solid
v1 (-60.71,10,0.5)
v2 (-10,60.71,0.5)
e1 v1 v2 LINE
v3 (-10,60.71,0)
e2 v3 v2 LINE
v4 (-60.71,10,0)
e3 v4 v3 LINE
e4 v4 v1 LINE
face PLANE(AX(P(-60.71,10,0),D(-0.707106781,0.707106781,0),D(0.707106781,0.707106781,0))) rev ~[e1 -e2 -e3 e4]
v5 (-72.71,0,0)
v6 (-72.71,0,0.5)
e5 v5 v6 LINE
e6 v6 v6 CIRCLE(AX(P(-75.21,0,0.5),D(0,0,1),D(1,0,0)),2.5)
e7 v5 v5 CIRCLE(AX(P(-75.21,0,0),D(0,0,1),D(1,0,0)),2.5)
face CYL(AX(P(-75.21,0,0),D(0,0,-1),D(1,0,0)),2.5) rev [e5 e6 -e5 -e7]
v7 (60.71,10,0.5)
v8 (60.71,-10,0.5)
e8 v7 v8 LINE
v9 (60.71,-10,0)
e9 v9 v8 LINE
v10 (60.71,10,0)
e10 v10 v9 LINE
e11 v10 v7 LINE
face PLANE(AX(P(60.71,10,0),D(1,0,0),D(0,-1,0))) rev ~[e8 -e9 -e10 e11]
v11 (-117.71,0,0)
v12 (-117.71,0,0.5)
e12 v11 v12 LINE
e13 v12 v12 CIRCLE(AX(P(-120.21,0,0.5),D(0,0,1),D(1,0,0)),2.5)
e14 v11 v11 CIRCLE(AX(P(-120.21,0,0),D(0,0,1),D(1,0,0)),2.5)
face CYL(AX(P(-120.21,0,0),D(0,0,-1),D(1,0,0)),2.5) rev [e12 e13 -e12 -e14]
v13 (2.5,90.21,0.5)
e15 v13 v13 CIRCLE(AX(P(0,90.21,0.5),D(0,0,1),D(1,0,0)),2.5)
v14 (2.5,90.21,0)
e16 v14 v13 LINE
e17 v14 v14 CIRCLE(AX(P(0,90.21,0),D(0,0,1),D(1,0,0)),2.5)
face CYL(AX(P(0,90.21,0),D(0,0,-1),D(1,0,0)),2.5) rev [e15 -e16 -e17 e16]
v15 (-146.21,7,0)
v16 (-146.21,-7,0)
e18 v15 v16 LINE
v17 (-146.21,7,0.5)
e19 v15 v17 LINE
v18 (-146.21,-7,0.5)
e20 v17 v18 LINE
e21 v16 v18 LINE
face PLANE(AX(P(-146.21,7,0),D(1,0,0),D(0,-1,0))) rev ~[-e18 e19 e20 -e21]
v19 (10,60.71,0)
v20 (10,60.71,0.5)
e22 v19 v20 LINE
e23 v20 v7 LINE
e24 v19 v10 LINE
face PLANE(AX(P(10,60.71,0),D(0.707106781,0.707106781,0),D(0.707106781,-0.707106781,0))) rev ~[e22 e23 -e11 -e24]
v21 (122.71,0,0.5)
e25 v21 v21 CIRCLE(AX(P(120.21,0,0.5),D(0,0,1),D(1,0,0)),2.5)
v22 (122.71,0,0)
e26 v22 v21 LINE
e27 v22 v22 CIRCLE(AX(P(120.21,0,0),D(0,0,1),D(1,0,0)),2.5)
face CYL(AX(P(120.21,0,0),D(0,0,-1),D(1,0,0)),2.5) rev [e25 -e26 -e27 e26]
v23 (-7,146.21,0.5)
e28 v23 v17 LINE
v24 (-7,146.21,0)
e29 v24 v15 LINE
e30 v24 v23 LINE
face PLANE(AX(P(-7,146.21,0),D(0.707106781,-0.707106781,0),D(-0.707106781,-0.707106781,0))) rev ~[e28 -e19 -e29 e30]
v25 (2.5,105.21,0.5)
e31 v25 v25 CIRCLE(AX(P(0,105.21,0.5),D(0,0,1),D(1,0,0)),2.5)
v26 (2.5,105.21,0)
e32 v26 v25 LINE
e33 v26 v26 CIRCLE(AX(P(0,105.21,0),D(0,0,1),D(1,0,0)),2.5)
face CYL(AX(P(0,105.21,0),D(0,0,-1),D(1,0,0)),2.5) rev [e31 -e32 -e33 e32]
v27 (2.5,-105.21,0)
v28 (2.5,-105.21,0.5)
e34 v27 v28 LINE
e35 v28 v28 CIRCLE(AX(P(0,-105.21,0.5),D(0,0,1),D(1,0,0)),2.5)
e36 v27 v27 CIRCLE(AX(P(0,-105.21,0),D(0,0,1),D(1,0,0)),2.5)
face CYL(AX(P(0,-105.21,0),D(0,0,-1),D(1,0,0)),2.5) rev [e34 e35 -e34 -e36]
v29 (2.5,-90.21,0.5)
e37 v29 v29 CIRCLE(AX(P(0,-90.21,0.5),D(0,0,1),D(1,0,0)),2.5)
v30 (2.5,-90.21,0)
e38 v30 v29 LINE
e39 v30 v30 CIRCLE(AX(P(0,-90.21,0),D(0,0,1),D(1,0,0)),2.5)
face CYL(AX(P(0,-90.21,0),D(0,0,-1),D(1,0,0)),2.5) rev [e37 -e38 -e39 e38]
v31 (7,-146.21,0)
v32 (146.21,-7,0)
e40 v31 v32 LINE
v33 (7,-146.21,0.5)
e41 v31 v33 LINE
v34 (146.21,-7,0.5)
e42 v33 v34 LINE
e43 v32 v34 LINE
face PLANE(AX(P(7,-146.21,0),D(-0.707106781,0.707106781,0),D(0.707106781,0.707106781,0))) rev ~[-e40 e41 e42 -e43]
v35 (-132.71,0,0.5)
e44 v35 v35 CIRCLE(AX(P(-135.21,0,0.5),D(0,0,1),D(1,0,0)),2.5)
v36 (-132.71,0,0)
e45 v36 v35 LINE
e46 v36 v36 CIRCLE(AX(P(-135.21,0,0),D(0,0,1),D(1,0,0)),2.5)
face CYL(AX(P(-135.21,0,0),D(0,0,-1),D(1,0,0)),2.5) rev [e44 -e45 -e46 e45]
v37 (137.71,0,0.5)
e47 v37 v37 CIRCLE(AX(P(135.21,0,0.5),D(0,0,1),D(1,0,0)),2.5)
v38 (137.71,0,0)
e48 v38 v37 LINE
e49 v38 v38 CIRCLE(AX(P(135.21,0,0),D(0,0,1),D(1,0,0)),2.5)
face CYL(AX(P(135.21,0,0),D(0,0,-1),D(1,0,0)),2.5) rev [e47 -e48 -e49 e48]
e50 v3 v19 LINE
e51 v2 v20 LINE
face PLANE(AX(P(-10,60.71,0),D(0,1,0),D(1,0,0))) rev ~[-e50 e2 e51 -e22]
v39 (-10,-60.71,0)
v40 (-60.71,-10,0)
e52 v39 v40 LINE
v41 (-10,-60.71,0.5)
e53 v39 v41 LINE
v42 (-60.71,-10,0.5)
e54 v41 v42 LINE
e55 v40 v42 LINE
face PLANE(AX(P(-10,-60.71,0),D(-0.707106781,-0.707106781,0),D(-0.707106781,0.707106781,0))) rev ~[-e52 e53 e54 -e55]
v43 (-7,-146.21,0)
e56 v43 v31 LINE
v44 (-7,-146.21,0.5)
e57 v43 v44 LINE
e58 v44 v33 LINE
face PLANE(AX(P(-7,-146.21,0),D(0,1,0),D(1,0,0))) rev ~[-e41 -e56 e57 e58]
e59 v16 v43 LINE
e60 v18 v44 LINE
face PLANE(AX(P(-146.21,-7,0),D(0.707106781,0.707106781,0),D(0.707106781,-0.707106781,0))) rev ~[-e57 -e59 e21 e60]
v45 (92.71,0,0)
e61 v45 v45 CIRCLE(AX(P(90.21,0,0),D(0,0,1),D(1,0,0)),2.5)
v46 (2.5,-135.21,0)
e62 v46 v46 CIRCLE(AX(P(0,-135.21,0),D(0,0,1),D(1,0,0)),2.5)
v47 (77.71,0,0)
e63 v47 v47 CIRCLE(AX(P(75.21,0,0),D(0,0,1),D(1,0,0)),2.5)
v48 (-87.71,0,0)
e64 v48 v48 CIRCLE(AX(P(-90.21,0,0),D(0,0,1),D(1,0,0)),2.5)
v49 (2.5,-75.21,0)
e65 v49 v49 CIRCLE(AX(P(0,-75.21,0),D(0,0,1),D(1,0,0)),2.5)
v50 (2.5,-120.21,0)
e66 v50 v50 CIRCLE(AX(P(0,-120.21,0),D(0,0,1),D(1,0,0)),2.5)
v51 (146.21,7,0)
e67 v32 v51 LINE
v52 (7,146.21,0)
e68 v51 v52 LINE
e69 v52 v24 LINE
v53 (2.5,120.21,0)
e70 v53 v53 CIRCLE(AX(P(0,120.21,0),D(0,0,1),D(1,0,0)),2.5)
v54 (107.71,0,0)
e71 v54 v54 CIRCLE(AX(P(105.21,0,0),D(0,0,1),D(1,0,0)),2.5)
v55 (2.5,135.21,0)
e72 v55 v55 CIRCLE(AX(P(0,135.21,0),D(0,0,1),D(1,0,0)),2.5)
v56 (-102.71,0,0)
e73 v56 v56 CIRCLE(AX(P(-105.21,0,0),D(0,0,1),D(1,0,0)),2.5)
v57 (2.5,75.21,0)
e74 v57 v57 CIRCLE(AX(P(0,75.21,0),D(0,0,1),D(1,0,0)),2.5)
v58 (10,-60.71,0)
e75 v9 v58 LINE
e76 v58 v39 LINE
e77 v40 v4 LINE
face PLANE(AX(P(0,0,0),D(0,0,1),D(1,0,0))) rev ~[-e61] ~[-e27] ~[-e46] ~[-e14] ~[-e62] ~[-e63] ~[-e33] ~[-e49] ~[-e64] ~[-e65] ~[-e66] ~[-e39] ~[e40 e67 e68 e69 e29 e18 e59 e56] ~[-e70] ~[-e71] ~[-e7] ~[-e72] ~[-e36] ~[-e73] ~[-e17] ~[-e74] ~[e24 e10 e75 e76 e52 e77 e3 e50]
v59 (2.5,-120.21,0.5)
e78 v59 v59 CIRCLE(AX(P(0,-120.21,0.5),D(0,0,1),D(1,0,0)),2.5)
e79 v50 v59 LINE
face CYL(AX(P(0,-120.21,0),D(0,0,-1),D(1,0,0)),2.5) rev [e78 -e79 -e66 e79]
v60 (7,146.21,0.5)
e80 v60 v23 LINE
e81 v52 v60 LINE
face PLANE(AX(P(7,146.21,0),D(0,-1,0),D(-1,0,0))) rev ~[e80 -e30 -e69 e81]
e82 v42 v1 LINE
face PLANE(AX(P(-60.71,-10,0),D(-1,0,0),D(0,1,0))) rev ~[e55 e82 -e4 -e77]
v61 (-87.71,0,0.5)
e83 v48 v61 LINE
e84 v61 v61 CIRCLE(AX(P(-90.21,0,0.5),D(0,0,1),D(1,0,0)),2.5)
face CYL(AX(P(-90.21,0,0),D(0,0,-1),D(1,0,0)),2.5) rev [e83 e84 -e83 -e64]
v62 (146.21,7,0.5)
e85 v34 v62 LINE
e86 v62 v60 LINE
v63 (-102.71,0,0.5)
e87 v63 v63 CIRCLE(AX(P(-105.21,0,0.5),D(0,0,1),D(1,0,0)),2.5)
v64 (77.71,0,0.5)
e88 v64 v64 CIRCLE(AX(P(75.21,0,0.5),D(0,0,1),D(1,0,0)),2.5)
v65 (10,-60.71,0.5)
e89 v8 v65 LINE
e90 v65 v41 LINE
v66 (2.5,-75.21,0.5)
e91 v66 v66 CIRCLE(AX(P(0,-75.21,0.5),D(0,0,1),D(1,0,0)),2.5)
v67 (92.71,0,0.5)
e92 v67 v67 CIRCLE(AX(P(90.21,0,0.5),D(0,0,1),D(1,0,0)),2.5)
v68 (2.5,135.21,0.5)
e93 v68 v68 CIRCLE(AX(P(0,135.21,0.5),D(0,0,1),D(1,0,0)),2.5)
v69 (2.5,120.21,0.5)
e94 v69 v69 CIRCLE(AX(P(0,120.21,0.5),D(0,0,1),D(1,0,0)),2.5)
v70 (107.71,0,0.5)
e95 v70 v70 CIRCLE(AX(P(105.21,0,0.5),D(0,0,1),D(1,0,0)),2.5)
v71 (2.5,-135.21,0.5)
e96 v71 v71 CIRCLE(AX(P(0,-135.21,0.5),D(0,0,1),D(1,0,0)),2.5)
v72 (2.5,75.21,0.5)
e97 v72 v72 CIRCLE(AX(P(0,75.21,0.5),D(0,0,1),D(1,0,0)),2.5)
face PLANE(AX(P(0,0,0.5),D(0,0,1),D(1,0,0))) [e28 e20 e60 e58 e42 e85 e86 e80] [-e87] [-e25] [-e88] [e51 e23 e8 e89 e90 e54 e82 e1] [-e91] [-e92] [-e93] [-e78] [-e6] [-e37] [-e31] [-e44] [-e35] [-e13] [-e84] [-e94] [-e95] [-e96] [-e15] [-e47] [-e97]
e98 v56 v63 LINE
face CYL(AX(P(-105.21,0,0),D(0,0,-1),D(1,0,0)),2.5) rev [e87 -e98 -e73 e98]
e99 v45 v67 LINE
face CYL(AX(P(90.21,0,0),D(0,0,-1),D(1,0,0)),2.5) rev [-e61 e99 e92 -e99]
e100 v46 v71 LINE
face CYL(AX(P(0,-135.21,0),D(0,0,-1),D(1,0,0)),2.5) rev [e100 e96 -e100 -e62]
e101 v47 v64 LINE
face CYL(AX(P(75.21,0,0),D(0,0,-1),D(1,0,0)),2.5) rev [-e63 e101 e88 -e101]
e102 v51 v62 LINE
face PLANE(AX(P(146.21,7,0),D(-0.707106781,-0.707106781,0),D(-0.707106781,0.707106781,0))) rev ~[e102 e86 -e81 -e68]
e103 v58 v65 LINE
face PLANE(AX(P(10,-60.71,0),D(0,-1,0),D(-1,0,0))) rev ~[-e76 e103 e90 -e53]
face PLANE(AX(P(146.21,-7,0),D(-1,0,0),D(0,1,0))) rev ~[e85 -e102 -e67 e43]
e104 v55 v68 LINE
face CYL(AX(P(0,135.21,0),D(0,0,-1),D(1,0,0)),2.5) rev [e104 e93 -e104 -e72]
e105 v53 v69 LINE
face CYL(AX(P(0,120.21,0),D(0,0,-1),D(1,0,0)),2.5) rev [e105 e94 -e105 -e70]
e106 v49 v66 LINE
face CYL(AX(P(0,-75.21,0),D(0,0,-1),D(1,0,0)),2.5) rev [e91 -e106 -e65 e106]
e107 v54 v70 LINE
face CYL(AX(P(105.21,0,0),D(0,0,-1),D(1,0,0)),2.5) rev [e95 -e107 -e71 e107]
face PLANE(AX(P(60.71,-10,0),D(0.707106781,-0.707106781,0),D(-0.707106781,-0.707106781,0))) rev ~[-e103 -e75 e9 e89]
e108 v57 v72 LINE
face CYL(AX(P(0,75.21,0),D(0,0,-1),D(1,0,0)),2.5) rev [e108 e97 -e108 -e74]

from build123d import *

# Parameters (mm, degrees)
F0_R     = 2.5
F1_DEPTH = 0.5


with BuildPart() as f1:
    # F0 (on Top) → F1 (new body)
    with BuildSketch(Plane.XY):
        Polygon((-7, -146.21), (7, -146.21), (146.21, -7), (146.21, 7), (7, 146.21), (-7, 146.21), (-146.21, 7), (-146.21, -7), align=None)
        with Locations((0, -135.21)):
            Circle(F0_R, mode=Mode.SUBTRACT)
        with Locations((0, -120.21)):
            Circle(F0_R, mode=Mode.SUBTRACT)
        with Locations((0, -105.21)):
            Circle(F0_R, mode=Mode.SUBTRACT)
        with Locations((0, -90.21)):
            Circle(F0_R, mode=Mode.SUBTRACT)
        with Locations((0, -75.21)):
            Circle(F0_R, mode=Mode.SUBTRACT)
        with Locations((-135.21, 0)):
            Circle(F0_R, mode=Mode.SUBTRACT)
        with Locations((-120.21, 0)):
            Circle(F0_R, mode=Mode.SUBTRACT)
        with Locations((-105.21, 0)):
            Circle(F0_R, mode=Mode.SUBTRACT)
        with Locations((-90.21, 0)):
            Circle(F0_R, mode=Mode.SUBTRACT)
        with Locations((-75.21, 0)):
            Circle(F0_R, mode=Mode.SUBTRACT)
        Polygon((60.71, 10), (60.71, -10), (10, -60.71), (-10, -60.71), (-60.71, -10), (-60.71, 10), (-10, 60.71), (10, 60.71), align=None, mode=Mode.SUBTRACT)
        with Locations((75.21, 0)):
            Circle(F0_R, mode=Mode.SUBTRACT)
        with Locations((90.21, 0)):
            Circle(F0_R, mode=Mode.SUBTRACT)
        with Locations((105.21, 0)):
            Circle(F0_R, mode=Mode.SUBTRACT)
        with Locations((120.21, 0)):
            Circle(F0_R, mode=Mode.SUBTRACT)
        with Locations((135.21, 0)):
            Circle(F0_R, mode=Mode.SUBTRACT)
        with Locations((0, 75.21)):
            Circle(F0_R, mode=Mode.SUBTRACT)
        with Locations((0, 90.21)):
            Circle(F0_R, mode=Mode.SUBTRACT)
        with Locations((0, 105.21)):
            Circle(F0_R, mode=Mode.SUBTRACT)
        with Locations((0, 120.21)):
            Circle(F0_R, mode=Mode.SUBTRACT)
        with Locations((0, 135.21)):
            Circle(F0_R, mode=Mode.SUBTRACT)
    extrude(amount=F1_DEPTH)


solid = f1.part
